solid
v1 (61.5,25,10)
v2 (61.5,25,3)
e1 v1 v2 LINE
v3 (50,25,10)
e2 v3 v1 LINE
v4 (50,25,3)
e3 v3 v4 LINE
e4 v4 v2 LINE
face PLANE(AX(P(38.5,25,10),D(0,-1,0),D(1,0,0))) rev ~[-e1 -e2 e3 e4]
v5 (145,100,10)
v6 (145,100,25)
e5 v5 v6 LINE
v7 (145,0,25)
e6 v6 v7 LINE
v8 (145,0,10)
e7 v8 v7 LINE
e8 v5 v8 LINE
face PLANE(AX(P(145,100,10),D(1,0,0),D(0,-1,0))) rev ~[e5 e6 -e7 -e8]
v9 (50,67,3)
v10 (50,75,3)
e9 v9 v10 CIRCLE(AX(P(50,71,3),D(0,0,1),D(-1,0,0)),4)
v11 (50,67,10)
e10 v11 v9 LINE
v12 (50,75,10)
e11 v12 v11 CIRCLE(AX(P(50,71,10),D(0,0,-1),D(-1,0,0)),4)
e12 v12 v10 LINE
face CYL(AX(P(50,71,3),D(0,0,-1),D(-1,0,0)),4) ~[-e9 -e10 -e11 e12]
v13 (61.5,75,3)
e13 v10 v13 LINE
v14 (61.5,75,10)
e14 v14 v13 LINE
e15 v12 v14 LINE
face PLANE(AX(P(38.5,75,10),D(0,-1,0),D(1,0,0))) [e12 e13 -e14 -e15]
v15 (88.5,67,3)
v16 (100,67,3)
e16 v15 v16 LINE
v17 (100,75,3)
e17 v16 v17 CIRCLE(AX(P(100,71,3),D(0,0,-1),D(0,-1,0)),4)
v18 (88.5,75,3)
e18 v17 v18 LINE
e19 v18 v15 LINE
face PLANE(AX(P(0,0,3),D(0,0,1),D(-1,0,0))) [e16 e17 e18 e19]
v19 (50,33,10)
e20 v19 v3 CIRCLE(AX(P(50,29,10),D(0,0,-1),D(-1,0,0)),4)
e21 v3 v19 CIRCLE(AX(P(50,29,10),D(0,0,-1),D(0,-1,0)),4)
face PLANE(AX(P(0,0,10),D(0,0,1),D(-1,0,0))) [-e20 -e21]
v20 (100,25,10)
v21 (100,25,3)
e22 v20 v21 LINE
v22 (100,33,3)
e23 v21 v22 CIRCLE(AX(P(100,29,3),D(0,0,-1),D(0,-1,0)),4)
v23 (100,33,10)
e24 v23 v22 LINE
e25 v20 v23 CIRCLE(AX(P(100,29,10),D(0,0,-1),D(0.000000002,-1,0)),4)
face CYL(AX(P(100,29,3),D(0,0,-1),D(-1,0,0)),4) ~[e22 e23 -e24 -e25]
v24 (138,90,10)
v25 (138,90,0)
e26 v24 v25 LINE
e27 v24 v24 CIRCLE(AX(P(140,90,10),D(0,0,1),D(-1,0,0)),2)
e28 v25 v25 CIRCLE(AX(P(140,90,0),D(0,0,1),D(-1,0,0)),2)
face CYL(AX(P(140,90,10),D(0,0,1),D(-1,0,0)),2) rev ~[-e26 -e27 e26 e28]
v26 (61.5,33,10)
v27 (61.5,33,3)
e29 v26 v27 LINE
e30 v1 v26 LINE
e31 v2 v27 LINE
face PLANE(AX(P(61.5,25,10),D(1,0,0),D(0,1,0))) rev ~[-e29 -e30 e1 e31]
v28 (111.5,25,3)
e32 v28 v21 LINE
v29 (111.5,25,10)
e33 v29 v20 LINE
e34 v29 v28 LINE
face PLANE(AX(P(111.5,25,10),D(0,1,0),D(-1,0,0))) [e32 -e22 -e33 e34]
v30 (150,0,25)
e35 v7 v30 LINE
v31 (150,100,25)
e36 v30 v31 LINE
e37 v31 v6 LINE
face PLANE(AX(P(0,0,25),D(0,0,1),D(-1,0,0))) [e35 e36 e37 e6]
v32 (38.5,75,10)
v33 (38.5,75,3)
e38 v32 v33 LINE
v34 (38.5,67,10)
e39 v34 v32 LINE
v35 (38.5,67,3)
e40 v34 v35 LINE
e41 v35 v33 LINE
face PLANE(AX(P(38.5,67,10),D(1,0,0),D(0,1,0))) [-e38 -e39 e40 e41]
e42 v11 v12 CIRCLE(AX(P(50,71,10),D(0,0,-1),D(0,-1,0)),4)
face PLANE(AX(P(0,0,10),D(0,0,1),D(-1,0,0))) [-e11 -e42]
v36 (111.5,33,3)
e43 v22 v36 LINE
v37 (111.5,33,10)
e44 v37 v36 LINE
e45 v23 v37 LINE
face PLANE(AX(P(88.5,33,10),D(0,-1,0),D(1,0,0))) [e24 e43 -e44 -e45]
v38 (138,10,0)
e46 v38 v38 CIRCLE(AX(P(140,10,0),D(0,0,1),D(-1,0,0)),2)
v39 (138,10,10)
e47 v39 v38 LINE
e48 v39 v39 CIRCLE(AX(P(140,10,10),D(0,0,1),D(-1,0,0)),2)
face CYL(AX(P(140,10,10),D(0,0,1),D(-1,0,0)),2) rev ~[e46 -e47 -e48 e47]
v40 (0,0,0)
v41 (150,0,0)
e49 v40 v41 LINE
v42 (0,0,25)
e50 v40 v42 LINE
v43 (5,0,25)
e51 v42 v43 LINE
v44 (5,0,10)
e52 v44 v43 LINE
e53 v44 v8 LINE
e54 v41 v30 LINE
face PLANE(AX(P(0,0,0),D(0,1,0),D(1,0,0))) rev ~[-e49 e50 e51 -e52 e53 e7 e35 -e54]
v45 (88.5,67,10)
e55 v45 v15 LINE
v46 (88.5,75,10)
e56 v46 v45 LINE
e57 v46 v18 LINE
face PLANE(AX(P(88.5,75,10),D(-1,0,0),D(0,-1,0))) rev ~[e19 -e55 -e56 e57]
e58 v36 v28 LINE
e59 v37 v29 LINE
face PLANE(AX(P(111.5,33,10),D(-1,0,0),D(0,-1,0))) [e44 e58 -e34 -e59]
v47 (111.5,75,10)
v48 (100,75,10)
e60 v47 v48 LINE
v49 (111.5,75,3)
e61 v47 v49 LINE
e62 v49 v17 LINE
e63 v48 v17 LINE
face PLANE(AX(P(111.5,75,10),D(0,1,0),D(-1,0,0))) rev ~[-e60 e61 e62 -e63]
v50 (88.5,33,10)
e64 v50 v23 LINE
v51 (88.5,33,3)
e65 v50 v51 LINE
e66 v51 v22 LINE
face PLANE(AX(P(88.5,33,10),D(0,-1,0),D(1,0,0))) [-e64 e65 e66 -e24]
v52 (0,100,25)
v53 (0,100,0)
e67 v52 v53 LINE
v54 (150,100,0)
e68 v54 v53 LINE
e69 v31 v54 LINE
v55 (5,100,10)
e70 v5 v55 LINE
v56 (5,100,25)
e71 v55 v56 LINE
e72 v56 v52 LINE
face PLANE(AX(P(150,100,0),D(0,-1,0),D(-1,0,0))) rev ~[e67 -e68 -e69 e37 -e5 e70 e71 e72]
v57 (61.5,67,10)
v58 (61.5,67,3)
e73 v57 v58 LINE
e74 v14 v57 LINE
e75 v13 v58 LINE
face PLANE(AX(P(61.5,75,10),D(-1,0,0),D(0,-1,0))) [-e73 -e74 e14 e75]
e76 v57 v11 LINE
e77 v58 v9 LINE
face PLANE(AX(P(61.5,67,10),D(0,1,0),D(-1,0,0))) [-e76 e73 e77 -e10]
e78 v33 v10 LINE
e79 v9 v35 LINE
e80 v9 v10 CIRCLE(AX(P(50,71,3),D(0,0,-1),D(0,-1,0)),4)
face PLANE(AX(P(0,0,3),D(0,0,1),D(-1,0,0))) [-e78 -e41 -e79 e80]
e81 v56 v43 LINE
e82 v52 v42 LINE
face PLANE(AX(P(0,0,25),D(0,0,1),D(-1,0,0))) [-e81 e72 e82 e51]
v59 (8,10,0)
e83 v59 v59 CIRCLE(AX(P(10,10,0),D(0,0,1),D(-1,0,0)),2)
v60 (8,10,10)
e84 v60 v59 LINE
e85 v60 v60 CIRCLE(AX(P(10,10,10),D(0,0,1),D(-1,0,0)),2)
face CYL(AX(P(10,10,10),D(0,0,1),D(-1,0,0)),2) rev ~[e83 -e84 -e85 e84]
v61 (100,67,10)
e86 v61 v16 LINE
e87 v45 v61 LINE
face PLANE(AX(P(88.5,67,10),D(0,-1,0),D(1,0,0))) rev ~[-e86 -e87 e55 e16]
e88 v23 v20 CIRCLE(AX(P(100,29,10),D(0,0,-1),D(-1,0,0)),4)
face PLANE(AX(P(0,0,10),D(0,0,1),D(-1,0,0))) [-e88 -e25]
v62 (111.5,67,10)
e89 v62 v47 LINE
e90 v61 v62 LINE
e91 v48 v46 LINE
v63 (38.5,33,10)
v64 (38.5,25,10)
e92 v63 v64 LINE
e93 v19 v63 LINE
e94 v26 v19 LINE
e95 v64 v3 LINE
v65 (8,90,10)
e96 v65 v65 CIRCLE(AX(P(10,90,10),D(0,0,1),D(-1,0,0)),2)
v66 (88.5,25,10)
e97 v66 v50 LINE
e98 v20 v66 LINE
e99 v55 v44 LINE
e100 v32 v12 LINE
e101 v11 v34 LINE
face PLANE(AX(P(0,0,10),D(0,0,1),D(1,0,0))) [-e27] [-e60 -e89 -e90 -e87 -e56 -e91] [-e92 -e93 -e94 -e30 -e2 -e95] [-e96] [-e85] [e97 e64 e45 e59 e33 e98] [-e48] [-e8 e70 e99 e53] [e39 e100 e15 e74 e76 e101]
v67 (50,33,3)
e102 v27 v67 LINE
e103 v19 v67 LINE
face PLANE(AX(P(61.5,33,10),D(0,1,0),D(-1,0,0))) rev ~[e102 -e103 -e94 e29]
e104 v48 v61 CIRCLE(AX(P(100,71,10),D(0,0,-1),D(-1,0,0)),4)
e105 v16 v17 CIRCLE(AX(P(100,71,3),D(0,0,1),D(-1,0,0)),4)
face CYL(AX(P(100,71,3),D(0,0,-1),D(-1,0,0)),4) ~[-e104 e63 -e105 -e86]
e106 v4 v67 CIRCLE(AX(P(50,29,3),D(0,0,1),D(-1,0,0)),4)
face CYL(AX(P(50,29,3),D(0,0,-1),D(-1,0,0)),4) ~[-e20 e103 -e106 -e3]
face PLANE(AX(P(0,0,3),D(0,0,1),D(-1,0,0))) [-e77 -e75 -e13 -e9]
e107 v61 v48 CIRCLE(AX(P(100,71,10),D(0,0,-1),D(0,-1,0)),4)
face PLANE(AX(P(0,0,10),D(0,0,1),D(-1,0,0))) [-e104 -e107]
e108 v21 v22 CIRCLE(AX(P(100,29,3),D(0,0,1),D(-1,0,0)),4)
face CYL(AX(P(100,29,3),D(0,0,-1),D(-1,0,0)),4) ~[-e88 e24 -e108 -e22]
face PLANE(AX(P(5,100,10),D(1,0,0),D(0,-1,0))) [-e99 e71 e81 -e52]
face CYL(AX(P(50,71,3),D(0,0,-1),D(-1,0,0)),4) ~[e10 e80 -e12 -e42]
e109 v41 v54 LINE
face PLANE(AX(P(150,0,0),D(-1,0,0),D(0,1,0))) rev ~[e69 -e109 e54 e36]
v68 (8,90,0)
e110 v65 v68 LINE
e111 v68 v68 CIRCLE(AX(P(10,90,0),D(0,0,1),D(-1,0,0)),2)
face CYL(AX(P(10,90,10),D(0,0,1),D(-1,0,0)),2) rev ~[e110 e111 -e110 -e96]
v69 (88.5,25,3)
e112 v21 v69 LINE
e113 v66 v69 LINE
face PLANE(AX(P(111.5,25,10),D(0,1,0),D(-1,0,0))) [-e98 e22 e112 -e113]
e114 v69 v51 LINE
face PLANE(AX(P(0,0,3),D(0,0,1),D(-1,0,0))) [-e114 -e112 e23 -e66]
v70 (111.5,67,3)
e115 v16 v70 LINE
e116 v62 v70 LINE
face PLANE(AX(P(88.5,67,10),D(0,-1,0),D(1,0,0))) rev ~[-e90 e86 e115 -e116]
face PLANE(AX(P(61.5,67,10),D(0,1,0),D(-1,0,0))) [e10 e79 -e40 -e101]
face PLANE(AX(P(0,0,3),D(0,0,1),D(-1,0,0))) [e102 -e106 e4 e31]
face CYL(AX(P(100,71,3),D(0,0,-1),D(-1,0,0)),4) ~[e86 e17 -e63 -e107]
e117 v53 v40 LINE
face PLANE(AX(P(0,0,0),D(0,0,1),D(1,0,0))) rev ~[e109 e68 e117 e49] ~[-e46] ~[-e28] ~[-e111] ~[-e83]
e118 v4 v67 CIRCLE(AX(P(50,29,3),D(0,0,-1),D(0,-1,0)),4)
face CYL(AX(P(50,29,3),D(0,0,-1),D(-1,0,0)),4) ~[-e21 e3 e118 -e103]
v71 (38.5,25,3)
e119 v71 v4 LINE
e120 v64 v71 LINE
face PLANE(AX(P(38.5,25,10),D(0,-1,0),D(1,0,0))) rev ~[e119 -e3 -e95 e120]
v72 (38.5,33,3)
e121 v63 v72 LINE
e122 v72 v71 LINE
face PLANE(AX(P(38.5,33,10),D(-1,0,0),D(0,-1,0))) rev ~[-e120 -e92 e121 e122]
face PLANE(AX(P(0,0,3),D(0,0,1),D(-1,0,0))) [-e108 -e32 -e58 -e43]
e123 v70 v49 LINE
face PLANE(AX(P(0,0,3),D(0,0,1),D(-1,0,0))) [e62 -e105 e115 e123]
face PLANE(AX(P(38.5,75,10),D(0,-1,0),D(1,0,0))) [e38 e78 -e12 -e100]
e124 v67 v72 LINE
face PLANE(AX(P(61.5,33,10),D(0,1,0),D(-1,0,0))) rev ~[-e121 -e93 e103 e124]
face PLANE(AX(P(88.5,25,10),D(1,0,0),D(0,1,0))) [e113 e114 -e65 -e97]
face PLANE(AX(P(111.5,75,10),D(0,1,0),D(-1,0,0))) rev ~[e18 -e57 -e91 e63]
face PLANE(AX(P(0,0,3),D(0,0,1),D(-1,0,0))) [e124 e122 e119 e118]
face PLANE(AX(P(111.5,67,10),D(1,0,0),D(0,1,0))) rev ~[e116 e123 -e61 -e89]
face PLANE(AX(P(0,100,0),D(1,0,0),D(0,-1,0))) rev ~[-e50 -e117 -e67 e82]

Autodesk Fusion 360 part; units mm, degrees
sketch "Sketch1" plane through (0, 0, 0) normal (0, 0, 1) x (1, 0, 0)
  line L0 (0, 0) -> (150, 0)
  line L1 (150, 0) -> (150, 100)
  line L2 (150, 100) -> (0, 100)
  line L3 (0, 100) -> (0, 0)
  dimension "d1" = 100
  dimension "d2" = 150
extrude "Extrude1" add sketch "Sketch1" along normal blind 10
sketch "Sketch2" plane through (0, 0, 10) normal (0, 0, 1) x (-1, 0, 0)
  line L0 (0, -100) -> (0, 0)
  line L1 (0, 0) -> (-150, 0)
  line L2 (-150, 0) -> (-150, -100)
  line L3 (-150, -100) -> (0, -100)
  line L4 (-38.5, -75) -> (-61.5, -75)
  line L5 (-61.5, -75) -> (-61.5, -67)
  line L6 (-61.5, -67) -> (-38.5, -67)
  line L7 (-38.5, -67) -> (-38.5, -75)
  line L8 (-111.5, -75) -> (-88.5, -75)
  line L9 (-88.5, -75) -> (-88.5, -67)
  line L10 (-88.5, -67) -> (-111.5, -67)
  line L11 (-111.5, -67) -> (-111.5, -75)
  dimension "d5" = 8
  dimension "d6" = 23
  dimension "d7" = 38.5
  dimension "d8" = 23
  dimension "d9" = 8
  dimension "d10" = 38.5
  dimension "d11" = 25
  dimension "d12" = 25
sketch "Sketch3" plane through (0, 0, 10) normal (0, 0, 1) x (-1, 0, 0)
  line L0 (-38.5, -25) -> (-61.5, -25)
  line L1 (-61.5, -25) -> (-61.5, -33)
  line L2 (-61.5, -33) -> (-38.5, -33)
  line L3 (-38.5, -33) -> (-38.5, -25)
  line L4 (0, -100) -> (0, 0)
  line L5 (0, 0) -> (-150, 0)
  line L6 (-111.5, -25) -> (-88.5, -25)
  line L7 (-88.5, -25) -> (-88.5, -33)
  line L8 (-88.5, -33) -> (-111.5, -33)
  line L9 (-111.5, -33) -> (-111.5, -25)
  line L10 (-150, 0) -> (-150, -100)
  dimension "d13" = 8
  dimension "d14" = 23
  dimension "d15" = 38.5
  dimension "d16" = 25
  dimension "d17" = 8
  dimension "d18" = 23
  dimension "d19" = 38.5
  dimension "d20" = 25
extrude "Extrude2" cut sketch "Sketch3" against normal blind 7
extrude "Extrude3" cut sketch "Sketch2" against normal blind 7 contours L4 L5 L6 L7 | L8 L9 L10 L11
sketch "Sketch4" plane through (0, 0, 3) normal (0, 0, 1) x (-1, 0, 0)
  line L0 (-38.5, -67) -> (-61.5, -67)
  line L1 (-61.5, -67) -> (-61.5, -75)
  line L2 (-61.5, -75) -> (-38.5, -75)
  line L3 (-38.5, -75) -> (-38.5, -67)
  line L4 (-38.5, -25) -> (-38.5, -33)
  circle A0 centre (-50, -29) radius 4
  line L5 (-61.5, -25) -> (-38.5, -25)
  line L6 (-61.5, -33) -> (-61.5, -25)
  circle A1 centre (-50, -71) radius 4
  circle A2 centre (-100, -71) radius 4
  line L7 (-111.5, -75) -> (-111.5, -67)
  line L8 (-88.5, -75) -> (-111.5, -75)
  circle A3 centre (-100, -29) radius 4
  line L9 (-111.5, -33) -> (-111.5, -25)
  line L10 (-88.5, -33) -> (-111.5, -33)
  dimension "d27" = 8
  dimension "d28" = 4
  dimension "d29" = 11.5
  dimension "d30" = 8
  dimension "d31" = 11.5
  dimension "d32" = 4
  dimension "d33" = 8
  dimension "d34" = 11.5
  dimension "d35" = 4
  dimension "d36" = 8
  dimension "d37" = 11.5
  dimension "d38" = 4
extrude "Extrude4" add sketch "Sketch4" along normal blind 7 contours A1 | A0 | A2 | A3
sketch "Sketch5" plane through (0, 0, 0) normal (0, 0, 1) x (1, 0, 0)
sketch "Sketch6" plane through (0, 0, 10) normal (0, 0, 1) x (-1, 0, 0)
  line L0 (-61.5, -75) -> (-61.5, -67)
  line L1 (-61.5, -67) -> (-50, -67)
  line L2 (-50, -67) -> (-38.5, -67)
  line L3 (-38.5, -67) -> (-38.5, -75)
  line L4 (-38.5, -75) -> (-50, -75)
  line L5 (-50, -75) -> (-61.5, -75)
  line L6 (-88.5, -75) -> (-100, -75)
  line L7 (-100, -75) -> (-111.5, -75)
  line L8 (-111.5, -75) -> (-111.5, -67)
  line L9 (-111.5, -67) -> (-100, -67)
  line L10 (-100, -67) -> (-88.5, -67)
  line L11 (-88.5, -67) -> (-88.5, -75)
  line L12 (-88.5, -25) -> (-88.5, -33)
  line L13 (-88.5, -33) -> (-100, -33)
  line L14 (-100, -33) -> (-111.5, -33)
  line L15 (-111.5, -33) -> (-111.5, -25)
  line L16 (-111.5, -25) -> (-100, -25)
  line L17 (-100, -25) -> (-88.5, -25)
  line L18 (-61.5, -25) -> (-50, -25)
  line L19 (-50, -25) -> (-38.5, -25)
  line L20 (-38.5, -25) -> (-38.5, -33)
  line L21 (-38.5, -33) -> (-50, -33)
  line L22 (-50, -33) -> (-61.5, -33)
  line L23 (-61.5, -33) -> (-61.5, -25)
  line L24 (0, -100) -> (0, 0)
  line L25 (0, 0) -> (-150, 0)
  line L26 (-150, 0) -> (-150, -100)
  line L27 (-150, -100) -> (0, -100)
  line L28 (0, -100) -> (-5, -100)
  line L29 (-5, -100) -> (-5, 0)
  line L30 (-5, 0) -> (0, 0)
  line L31 (0, 0) -> (0, -100)
  line L32 (-150, -100) -> (-145, -100)
  line L33 (-145, -100) -> (-145, 0)
  line L34 (-145, 0) -> (-150, 0)
  line L35 (-150, 0) -> (-150, -100)
  dimension "d42" = 5
  dimension "d43" = 100
  dimension "d44" = 5
extrude "Extrude5" add sketch "Sketch6" along normal blind 15 contours L24 L25 L27 L28 L29 L30 L31 | L25 L26 L27 L32 L33 L34 L35
sketch "Sketch7" plane through (0, 0, 10) normal (0, 0, 1) x (-1, 0, 0)
  line L0 (-145, 0) -> (-145, -100)
  line L1 (-145, -100) -> (-5, -100)
  line L2 (-5, -100) -> (-5, 0)
  line L3 (-5, 0) -> (-145, 0)
  line L4 (-61.5, -25) -> (-50, -25)
  line L5 (-50, -25) -> (-38.5, -25)
  line L6 (-38.5, -25) -> (-38.5, -33)
  line L7 (-38.5, -33) -> (-50, -33)
  line L8 (-50, -33) -> (-61.5, -33)
  line L9 (-61.5, -33) -> (-61.5, -25)
  line L10 (-88.5, -25) -> (-88.5, -33)
  line L11 (-88.5, -33) -> (-100, -33)
  line L12 (-100, -33) -> (-111.5, -33)
  line L13 (-111.5, -33) -> (-111.5, -25)
  line L14 (-111.5, -25) -> (-100, -25)
  line L15 (-100, -25) -> (-88.5, -25)
  line L16 (-88.5, -75) -> (-100, -75)
  line L17 (-100, -75) -> (-111.5, -75)
  line L18 (-111.5, -75) -> (-111.5, -67)
  line L19 (-111.5, -67) -> (-100, -67)
  line L20 (-100, -67) -> (-88.5, -67)
  line L21 (-88.5, -67) -> (-88.5, -75)
  line L22 (-61.5, -75) -> (-61.5, -67)
  line L23 (-61.5, -67) -> (-50, -67)
  line L24 (-50, -67) -> (-38.5, -67)
  line L25 (-38.5, -67) -> (-38.5, -75)
  line L26 (-38.5, -75) -> (-50, -75)
  line L27 (-50, -75) -> (-61.5, -75)
  circle A0 centre (-140, -10) radius 2
  circle A1 centre (-10, -10) radius 2
  circle A2 centre (-10, -90) radius 2
  circle A3 centre (-140, -90) radius 2
  line L28 (0, -100) -> (0, 0)
  line L29 (-150, 0) -> (-150, -100)
  dimension "d47" = 4
  dimension "d48" = 4
  dimension "d49" = 4
  dimension "d50" = 4
  dimension "d51" = 10
  dimension "d52" = 10
  dimension "d53" = 10
  dimension "d54" = 10
  dimension "d55" = 10
  dimension "d56" = 10
  dimension "d57" = 10
  dimension "d58" = 10
extrude "Extrude6" cut sketch "Sketch7" against normal blind 10 contours A0 | A1 | A2 | A3
